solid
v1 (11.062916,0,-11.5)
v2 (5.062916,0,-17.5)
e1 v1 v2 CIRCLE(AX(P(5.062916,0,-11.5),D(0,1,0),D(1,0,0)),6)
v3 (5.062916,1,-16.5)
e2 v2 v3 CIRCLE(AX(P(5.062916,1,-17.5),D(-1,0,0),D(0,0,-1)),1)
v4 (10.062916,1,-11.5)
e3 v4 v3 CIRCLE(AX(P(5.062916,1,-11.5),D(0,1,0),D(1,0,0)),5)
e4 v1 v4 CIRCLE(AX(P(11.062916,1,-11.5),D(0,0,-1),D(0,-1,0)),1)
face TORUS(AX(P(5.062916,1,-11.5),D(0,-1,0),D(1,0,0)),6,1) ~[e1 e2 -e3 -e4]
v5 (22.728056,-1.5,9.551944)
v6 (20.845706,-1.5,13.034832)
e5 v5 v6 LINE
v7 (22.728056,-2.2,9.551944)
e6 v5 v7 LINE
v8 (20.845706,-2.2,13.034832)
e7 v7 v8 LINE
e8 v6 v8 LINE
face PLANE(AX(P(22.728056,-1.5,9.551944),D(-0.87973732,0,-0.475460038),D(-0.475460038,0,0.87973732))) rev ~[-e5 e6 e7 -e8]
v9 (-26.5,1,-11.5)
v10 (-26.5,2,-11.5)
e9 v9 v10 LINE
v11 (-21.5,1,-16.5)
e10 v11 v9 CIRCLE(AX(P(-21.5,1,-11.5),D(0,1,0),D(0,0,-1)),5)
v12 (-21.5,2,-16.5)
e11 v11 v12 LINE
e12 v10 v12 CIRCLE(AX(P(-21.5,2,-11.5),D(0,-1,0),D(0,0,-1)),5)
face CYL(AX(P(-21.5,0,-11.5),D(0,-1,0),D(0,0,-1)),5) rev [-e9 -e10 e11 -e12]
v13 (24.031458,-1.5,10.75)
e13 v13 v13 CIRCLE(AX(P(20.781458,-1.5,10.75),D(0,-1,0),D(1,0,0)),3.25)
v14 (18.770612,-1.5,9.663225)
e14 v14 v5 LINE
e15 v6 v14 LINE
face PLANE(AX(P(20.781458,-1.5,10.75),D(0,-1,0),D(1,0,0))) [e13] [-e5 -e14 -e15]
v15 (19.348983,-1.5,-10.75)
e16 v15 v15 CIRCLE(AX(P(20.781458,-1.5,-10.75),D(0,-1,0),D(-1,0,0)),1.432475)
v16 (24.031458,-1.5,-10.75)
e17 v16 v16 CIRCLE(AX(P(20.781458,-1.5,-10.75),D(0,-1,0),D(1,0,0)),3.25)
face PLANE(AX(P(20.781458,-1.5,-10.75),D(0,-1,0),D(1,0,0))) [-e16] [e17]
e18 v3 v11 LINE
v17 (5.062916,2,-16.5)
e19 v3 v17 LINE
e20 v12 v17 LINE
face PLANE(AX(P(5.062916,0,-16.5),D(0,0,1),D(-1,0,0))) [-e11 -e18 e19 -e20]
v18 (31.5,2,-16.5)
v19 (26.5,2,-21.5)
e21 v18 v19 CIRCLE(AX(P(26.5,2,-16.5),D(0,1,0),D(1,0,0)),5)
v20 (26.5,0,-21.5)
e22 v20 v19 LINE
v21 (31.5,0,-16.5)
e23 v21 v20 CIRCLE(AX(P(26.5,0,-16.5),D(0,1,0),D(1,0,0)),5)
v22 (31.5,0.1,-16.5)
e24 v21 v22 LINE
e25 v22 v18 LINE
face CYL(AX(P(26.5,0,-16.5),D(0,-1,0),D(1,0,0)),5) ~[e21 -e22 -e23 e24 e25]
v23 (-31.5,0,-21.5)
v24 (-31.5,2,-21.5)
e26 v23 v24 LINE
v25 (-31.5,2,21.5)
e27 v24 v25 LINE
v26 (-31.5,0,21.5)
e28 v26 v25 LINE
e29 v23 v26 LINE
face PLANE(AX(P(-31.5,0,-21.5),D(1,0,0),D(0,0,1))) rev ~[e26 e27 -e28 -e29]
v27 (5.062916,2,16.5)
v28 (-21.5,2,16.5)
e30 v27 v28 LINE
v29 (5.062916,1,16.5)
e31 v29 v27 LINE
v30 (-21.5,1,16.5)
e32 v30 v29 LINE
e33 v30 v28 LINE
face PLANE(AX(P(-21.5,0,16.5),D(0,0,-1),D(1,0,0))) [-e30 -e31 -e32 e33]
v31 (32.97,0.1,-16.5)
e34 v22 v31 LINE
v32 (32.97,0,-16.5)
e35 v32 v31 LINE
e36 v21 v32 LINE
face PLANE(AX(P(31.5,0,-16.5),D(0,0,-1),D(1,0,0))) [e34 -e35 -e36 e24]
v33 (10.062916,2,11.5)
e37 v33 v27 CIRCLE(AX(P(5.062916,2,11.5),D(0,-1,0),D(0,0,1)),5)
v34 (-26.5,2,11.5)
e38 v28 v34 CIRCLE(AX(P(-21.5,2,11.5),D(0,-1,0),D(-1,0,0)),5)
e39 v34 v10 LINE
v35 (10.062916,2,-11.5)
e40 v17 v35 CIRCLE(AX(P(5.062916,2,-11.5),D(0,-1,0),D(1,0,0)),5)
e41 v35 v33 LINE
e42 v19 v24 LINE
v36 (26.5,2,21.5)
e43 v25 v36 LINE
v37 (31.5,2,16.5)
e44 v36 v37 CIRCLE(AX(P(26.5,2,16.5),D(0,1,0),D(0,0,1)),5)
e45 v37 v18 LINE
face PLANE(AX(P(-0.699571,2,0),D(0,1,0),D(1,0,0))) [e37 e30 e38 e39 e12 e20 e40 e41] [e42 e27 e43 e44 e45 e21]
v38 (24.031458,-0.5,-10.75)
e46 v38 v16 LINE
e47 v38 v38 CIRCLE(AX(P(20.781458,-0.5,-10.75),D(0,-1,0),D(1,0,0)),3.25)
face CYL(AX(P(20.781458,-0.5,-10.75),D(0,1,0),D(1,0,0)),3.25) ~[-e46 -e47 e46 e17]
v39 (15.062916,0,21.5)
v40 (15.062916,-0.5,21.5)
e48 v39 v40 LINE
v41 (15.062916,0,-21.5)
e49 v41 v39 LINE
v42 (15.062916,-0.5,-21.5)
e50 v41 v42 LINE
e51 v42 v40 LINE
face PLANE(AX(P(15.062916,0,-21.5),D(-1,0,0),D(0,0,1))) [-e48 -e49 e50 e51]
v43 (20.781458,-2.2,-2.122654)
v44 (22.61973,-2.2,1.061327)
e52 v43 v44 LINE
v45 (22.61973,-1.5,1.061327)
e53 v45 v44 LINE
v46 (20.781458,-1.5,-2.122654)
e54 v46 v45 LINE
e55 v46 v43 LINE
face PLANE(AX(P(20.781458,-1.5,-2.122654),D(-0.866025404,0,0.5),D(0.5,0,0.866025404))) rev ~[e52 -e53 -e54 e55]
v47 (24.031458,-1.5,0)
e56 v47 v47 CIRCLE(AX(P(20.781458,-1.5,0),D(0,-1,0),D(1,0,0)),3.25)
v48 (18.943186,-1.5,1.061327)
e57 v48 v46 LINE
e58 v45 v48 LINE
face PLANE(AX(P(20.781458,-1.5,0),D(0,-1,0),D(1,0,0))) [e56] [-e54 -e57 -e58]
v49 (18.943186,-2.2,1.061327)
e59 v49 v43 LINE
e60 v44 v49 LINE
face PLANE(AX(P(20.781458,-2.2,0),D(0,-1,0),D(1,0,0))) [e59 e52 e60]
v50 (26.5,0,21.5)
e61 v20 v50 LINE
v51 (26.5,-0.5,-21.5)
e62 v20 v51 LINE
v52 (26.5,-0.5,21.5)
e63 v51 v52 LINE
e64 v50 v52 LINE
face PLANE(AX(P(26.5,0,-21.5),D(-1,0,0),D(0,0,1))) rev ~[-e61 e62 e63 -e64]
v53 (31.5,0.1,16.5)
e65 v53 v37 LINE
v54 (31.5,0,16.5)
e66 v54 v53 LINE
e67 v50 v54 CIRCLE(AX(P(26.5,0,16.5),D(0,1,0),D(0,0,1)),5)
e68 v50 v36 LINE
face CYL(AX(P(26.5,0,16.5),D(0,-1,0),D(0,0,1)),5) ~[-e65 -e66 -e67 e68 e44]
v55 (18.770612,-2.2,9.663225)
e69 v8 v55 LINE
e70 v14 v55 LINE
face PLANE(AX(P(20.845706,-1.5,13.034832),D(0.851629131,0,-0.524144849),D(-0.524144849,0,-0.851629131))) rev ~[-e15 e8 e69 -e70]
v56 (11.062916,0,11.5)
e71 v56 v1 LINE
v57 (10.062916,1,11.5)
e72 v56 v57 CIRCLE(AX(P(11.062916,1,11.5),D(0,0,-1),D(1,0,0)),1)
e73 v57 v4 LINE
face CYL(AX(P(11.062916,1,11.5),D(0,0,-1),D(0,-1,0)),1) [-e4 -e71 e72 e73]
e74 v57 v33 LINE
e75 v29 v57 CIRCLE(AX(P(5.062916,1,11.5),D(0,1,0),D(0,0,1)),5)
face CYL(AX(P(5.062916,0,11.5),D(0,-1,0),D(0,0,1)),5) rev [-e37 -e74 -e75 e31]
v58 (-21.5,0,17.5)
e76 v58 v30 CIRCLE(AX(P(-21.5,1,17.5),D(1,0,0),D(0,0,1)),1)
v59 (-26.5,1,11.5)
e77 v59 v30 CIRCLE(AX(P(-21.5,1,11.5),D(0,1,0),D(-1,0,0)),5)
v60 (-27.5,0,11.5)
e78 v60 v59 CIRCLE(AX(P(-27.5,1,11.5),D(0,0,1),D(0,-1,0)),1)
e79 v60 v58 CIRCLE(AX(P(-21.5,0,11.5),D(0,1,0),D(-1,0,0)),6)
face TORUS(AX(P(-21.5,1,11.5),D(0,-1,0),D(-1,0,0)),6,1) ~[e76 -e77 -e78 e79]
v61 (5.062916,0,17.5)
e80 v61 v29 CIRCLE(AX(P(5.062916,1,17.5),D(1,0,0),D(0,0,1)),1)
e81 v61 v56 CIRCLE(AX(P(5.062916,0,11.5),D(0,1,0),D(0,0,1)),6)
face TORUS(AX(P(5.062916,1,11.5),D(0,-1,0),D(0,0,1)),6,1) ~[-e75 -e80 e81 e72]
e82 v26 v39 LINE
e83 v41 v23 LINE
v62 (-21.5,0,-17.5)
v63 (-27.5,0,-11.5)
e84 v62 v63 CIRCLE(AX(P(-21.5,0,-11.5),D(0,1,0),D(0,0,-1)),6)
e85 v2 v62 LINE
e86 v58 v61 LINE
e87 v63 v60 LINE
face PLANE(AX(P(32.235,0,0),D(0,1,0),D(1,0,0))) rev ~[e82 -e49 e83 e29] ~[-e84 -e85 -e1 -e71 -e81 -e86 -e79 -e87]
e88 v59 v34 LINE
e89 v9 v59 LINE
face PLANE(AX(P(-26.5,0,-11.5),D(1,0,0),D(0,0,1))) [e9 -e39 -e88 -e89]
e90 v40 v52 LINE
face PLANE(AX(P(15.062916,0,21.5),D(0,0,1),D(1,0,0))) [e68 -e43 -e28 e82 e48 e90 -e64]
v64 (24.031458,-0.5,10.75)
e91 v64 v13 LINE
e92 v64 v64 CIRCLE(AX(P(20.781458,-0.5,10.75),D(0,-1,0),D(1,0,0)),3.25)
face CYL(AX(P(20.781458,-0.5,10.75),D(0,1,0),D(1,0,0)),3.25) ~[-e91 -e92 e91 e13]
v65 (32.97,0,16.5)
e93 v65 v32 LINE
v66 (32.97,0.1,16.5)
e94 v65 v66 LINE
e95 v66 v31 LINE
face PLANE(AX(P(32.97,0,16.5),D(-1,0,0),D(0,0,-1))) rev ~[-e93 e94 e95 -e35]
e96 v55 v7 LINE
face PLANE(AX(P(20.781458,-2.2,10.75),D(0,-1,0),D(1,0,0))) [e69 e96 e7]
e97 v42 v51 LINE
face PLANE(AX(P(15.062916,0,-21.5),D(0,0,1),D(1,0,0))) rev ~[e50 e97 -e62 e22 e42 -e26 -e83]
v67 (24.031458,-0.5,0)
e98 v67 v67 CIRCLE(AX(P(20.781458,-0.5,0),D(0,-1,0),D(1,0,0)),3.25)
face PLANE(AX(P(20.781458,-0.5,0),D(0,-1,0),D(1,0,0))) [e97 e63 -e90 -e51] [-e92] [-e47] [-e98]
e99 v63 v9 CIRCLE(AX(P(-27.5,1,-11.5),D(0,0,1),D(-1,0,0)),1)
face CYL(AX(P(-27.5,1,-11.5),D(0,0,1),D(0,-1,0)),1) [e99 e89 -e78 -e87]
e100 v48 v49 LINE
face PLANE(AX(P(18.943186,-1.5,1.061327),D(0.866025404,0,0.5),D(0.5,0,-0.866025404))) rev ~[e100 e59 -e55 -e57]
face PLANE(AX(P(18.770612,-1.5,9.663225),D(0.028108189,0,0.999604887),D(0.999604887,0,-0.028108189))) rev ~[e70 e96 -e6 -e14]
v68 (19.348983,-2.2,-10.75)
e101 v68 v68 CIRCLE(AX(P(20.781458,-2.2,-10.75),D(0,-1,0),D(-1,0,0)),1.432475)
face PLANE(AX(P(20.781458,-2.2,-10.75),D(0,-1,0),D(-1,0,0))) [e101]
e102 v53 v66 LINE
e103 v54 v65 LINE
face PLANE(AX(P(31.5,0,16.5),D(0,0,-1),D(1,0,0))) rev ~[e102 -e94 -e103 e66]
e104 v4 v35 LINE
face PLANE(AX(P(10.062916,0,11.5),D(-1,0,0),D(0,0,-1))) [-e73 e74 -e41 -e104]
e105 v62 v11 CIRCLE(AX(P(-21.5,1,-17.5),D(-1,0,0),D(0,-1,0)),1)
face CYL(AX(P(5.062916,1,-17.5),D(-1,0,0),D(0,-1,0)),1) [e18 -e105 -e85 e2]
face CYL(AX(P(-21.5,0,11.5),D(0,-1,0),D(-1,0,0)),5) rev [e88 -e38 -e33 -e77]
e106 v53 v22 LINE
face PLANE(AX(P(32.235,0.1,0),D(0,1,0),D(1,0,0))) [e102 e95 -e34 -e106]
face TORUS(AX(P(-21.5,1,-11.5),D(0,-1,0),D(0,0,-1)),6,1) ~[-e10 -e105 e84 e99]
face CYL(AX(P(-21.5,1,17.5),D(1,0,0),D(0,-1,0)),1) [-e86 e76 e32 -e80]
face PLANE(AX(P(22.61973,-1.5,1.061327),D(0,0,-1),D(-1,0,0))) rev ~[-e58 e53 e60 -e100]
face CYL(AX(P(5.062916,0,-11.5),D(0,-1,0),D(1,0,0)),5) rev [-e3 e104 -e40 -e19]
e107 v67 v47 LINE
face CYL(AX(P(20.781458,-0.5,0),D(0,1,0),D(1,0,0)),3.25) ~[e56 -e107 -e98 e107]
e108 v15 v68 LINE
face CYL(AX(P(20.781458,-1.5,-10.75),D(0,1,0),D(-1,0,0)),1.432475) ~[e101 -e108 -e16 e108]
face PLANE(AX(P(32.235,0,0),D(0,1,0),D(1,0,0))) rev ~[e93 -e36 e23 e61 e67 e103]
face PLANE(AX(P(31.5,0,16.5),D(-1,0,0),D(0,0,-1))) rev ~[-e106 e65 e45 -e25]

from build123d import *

# Parameters (mm, degrees)
BOSS_EXTRUDE1_DEPTH = 2
SKETCH3_W           = 1.47
SKETCH3_H           = 33
BOSS_EXTRUDE3_DEPTH = 0.1
SKETCH4_W           = 11.437084048
SKETCH4_H           = 43
BOSS_EXTRUDE4_DEPTH = 0.5
SKETCH5_R           = 3.25
BOSS_EXTRUDE5_DEPTH = 1
BOSS_EXTRUDE6_DEPTH = 0.7
CUT_EXTRUDE2_DEPTH  = 10
FILLET4_R           = 1
SKETCH7_R           = 1.432474787
BOSS_EXTRUDE7_DEPTH = 0.7


with BuildPart() as part:
    # Sketch1 → Boss-Extrude1 (new body)
    with BuildSketch(Plane(origin=(0, 0, 0), x_dir=(1, 0, 0), z_dir=(0, 1, 0))):
        with BuildLine():
            Line((-26.5, 21.5), (-31.5, 21.5))
            Line((-31.5, 21.5), (-31.5, 16.5))
            Line((-31.5, 16.5), (-31.5, -16.5))
            Line((-31.5, -16.5), (-31.5, -21.5))
            Line((-31.5, -21.5), (-26.5, -21.5))
            Line((-26.5, -21.5), (26.5, -21.5))
            ThreePointArc((26.5, -21.5), (30.035533906, -20.035533906), (31.5, -16.5))
            Line((31.5, -16.5), (31.5, 16.5))
            ThreePointArc((31.5, 16.5), (30.035533906, 20.035533906), (26.5, 21.5))
            Line((26.5, 21.5), (-26.5, 21.5))
        make_face()
    extrude(amount=BOSS_EXTRUDE1_DEPTH)

    # Sketch3 → Boss-Extrude3 (add)
    with BuildSketch(Plane(origin=(0, 0, 0), x_dir=(1, 0, 0), z_dir=(0, 1, 0))):
        with Locations((32.235, 0)):
            Rectangle(SKETCH3_W, SKETCH3_H)
    extrude(amount=BOSS_EXTRUDE3_DEPTH)

    # Sketch4 → Boss-Extrude4 (add)
    with BuildSketch(Plane.XZ):
        with Locations((20.781457976, 0)):
            Rectangle(SKETCH4_W, SKETCH4_H)
    extrude(amount=BOSS_EXTRUDE4_DEPTH)

    # Sketch5 → Boss-Extrude5 (add)
    with BuildSketch(Plane.XZ.offset(0.5)):
        with Locations((20.781457976, -10.75)):
            Circle(SKETCH5_R)
        with Locations((20.781457976, 0)):
            Circle(SKETCH5_R)
        with Locations((20.781457976, 10.75)):
            Circle(SKETCH5_R)
    extrude(amount=BOSS_EXTRUDE5_DEPTH)

    # Sketch6 → Boss-Extrude6 (add)
    with BuildSketch(Plane.XZ.offset(1.5)):
        Polygon((22.728056174, 9.551943968), (20.845705836, 13.034831506), (18.770611919, 9.663224526), align=None)
        Polygon((20.781457976, -2.122654215), (22.61973045, 1.061327108), (18.943185502, 1.061327108), align=None)
    extrude(amount=BOSS_EXTRUDE6_DEPTH)

    # Sketch9 → Cut-Extrude2 (cut)
    with BuildSketch(Plane(origin=(0, 0, 0), x_dir=(-1, 0, 0), z_dir=(0, -1, 0))):
        with BuildLine():
            Line((-5.062915952, 16.5), (21.5, 16.5))
            ThreePointArc((21.5, 16.5), (25.035533906, 15.035533906), (26.5, 11.5))
            Line((26.5, 11.5), (26.5, -11.5))
            ThreePointArc((26.5, -11.5), (25.035533906, -15.035533906), (21.5, -16.5))
            Line((21.5, -16.5), (-5.062915952, -16.5))
            ThreePointArc((-5.062915952, -16.5), (-8.598449858, -15.035533906), (-10.062915952, -11.5))
            Line((-10.062915952, -11.5), (-10.062915952, 11.5))
            ThreePointArc((-10.062915952, 11.5), (-8.598449858, 15.035533906), (-5.062915952, 16.5))
        make_face()
    extrude(amount=-CUT_EXTRUDE2_DEPTH, mode=Mode.SUBTRACT)

    # Fillet4
    fillet4_edges = [part.edges().sort_by_distance(p)[0] for p in [
        (8.598449858, 0, 15.035533906),
        (-8.218542024, 0, 16.5),
        (-25.035533906, 0, 15.035533906),
        (-26.5, 0, 0),
        (-25.035533906, 0, -15.035533906),
        (-8.218542024, 0, -16.5),
        (8.598449858, 0, -15.035533906),
        (10.062915952, 0, 0),
    ]]
    fillet(fillet4_edges, radius=FILLET4_R)

    # Sketch7 → Boss-Extrude7 (add)
    with BuildSketch(Plane(origin=(0, -1.5, 0), x_dir=(-1, 0, 0), z_dir=(0, -1, 0))):
        with Locations((-20.781457976, 10.75)):
            Circle(SKETCH7_R)
    extrude(amount=BOSS_EXTRUDE7_DEPTH)


solid = part.part
